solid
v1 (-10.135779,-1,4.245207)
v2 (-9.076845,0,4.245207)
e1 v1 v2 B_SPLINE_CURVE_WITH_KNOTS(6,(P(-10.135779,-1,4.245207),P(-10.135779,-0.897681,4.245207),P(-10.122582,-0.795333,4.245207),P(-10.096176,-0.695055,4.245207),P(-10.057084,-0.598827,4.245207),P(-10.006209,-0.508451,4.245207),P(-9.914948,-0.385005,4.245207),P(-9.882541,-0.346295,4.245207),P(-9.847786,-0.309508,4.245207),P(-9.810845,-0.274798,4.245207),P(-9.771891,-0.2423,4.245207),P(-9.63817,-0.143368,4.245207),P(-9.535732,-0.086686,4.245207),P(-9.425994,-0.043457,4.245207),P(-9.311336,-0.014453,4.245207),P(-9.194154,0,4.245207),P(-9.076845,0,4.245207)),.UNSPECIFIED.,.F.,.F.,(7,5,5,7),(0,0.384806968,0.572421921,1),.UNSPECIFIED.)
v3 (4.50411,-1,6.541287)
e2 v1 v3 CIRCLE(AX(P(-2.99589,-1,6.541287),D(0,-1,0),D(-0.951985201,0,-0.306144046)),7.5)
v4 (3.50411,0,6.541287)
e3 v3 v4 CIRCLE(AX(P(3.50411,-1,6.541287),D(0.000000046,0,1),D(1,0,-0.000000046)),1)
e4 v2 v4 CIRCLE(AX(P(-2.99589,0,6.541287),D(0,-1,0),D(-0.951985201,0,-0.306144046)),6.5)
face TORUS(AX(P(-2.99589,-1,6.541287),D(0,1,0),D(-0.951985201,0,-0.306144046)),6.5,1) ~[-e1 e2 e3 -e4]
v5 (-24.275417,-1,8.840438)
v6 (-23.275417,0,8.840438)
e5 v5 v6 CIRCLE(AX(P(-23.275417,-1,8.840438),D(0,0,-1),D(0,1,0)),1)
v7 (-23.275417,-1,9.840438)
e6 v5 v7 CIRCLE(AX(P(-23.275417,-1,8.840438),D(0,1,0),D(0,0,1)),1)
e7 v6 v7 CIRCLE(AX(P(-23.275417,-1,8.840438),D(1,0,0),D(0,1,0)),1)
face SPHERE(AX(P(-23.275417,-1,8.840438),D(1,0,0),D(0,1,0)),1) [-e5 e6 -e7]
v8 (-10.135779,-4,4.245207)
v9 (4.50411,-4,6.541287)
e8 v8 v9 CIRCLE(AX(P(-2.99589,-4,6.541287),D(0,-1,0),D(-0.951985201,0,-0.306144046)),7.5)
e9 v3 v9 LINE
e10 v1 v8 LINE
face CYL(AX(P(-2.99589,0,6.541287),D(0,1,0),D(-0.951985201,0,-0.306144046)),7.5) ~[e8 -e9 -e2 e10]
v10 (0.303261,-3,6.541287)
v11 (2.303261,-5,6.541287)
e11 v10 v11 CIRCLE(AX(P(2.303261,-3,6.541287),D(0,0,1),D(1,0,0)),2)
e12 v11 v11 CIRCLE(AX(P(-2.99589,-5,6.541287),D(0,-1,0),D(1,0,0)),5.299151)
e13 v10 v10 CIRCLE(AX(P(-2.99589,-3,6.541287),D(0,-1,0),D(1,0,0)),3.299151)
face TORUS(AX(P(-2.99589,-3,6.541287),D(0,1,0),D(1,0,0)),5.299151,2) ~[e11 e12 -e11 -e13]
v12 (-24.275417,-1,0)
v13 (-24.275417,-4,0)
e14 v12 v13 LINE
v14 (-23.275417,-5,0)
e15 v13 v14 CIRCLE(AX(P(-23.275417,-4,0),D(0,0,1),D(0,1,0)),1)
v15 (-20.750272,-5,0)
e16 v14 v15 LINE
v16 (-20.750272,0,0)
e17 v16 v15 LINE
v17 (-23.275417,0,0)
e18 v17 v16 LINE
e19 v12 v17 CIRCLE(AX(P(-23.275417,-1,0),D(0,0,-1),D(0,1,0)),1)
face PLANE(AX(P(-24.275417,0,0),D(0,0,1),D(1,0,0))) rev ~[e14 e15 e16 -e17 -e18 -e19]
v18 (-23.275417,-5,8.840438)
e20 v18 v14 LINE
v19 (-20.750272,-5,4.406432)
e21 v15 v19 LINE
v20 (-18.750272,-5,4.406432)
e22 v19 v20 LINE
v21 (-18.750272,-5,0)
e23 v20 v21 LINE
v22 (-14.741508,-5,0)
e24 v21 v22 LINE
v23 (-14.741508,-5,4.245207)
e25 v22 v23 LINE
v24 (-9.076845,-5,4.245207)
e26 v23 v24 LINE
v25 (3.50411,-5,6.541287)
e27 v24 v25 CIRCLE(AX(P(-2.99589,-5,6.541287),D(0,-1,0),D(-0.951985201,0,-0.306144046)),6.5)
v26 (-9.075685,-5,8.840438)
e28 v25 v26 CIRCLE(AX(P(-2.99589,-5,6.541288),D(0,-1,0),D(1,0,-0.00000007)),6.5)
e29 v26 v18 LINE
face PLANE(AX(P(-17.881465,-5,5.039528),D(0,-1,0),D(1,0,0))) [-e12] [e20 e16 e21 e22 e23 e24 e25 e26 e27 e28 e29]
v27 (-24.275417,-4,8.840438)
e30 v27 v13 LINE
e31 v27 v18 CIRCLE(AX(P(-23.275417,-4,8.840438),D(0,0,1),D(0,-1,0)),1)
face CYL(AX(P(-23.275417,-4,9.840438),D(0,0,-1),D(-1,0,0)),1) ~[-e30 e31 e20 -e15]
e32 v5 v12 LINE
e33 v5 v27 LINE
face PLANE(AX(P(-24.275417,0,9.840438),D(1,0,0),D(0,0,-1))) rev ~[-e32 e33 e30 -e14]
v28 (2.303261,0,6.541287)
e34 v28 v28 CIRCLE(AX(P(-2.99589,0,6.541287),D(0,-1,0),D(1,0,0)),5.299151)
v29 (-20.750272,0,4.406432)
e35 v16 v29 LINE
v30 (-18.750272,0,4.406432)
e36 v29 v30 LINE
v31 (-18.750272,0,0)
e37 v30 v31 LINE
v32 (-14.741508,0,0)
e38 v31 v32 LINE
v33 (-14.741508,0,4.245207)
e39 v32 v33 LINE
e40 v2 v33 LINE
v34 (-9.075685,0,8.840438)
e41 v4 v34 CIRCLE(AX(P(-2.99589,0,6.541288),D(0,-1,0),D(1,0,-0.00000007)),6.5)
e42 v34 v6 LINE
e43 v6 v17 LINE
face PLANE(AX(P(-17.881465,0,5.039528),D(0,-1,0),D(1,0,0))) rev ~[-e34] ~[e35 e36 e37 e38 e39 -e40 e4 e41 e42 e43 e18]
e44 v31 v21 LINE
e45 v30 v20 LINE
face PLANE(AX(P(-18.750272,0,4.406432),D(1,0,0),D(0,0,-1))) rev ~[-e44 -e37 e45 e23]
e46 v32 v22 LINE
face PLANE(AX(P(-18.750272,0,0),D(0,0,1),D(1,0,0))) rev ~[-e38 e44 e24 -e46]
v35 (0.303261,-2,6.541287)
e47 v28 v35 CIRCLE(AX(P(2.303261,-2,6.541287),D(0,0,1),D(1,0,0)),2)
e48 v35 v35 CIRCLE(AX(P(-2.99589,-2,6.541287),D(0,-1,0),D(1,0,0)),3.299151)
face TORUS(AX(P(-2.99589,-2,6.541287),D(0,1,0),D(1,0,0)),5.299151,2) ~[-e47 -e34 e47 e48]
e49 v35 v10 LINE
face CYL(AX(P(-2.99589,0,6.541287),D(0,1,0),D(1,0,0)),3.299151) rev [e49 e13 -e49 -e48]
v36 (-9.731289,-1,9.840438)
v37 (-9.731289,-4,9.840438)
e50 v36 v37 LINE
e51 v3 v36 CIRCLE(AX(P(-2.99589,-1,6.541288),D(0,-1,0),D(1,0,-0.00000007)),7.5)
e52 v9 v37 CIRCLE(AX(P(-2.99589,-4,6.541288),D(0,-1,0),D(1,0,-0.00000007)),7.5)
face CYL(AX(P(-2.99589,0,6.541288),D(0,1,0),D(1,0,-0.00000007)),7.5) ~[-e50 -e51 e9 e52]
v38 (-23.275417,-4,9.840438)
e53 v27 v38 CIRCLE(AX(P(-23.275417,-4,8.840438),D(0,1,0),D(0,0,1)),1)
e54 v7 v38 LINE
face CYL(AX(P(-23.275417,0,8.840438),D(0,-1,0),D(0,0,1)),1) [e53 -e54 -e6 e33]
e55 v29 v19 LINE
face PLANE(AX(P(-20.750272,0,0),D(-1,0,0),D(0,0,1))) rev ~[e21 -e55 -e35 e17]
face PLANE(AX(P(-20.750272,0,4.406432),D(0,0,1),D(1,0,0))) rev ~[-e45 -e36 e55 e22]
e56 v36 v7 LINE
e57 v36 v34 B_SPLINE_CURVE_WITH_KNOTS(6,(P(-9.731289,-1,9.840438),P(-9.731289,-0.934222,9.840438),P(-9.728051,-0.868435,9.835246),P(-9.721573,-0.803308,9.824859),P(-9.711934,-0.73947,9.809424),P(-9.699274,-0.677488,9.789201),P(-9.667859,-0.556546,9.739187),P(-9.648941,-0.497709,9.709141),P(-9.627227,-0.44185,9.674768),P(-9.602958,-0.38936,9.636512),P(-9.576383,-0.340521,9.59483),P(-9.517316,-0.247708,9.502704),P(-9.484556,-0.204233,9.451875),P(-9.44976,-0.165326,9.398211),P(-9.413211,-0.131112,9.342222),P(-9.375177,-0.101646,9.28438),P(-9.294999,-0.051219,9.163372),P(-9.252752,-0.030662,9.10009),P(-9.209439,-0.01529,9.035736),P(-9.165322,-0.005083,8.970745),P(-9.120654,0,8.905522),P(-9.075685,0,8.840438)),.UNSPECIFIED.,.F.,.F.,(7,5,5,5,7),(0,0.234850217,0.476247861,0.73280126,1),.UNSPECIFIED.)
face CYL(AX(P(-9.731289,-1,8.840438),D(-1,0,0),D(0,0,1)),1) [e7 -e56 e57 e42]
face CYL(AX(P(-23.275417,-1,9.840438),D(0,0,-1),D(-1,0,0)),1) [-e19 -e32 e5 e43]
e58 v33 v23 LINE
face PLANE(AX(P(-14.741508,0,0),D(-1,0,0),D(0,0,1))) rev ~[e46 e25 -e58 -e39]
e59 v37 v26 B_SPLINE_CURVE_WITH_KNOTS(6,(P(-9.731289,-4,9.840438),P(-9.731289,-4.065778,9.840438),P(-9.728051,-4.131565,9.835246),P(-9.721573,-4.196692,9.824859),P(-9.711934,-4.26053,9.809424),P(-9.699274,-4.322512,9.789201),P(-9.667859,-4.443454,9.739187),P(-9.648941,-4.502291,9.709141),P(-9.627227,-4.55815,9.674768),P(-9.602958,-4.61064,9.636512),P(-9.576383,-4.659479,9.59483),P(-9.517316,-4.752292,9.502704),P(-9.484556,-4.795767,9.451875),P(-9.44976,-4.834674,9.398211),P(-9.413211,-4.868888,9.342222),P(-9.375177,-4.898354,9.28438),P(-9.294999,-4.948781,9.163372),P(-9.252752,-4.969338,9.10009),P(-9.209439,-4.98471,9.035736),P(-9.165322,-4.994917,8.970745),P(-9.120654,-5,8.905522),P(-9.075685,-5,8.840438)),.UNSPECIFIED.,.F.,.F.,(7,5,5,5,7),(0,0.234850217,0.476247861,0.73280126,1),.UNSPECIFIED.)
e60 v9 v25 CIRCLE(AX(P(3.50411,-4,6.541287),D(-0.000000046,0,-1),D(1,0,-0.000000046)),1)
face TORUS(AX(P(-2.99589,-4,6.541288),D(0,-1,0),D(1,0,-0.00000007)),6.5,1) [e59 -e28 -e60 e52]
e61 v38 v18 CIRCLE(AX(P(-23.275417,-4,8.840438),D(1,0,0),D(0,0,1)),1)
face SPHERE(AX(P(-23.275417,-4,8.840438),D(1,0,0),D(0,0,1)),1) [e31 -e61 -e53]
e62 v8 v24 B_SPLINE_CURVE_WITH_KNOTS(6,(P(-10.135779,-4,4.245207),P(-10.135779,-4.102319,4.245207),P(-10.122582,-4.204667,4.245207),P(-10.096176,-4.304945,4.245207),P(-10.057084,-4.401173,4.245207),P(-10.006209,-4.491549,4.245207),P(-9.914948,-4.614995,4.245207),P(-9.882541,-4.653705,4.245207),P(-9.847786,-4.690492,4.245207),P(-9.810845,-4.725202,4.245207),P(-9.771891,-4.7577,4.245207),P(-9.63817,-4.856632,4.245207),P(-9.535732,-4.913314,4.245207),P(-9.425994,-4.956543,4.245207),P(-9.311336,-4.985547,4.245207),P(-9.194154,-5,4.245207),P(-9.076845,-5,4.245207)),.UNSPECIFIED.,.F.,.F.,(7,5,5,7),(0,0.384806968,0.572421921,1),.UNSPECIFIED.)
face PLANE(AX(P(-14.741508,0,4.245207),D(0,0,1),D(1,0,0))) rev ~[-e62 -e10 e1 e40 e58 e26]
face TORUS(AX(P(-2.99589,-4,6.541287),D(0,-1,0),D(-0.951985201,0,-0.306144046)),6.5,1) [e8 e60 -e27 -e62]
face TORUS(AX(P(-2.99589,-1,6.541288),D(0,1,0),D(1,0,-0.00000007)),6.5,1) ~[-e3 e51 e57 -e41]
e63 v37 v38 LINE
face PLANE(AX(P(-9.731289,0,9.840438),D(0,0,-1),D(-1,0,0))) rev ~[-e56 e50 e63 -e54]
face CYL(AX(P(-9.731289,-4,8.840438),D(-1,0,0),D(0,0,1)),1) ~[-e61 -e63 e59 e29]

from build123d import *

# Parameters (mm, degrees)
F0_R     = 3.299151
F1_DEPTH = 5
F2_R     = 1
F3_R     = 2
F4_R     = 2


with BuildPart() as f1:
    # F0 (on Front) → F1 (new body)
    with BuildSketch(Plane.XZ):
        with BuildLine():
            ThreePointArc((-10.135779, 4.245207), (-10.476368, 7.082065), (-9.731289, 9.840438))
            Line((-9.731289, 9.840438), (-24.275417, 9.840438))
            Line((-24.275417, 9.840438), (-24.275417, 0))
            Line((-24.275417, 0), (-20.750272, 0))
            Line((-20.750272, 0), (-20.750272, 4.406432))
            Line((-20.750272, 4.406432), (-18.750272, 4.406432))
            Line((-18.750272, 4.406432), (-18.750272, 0))
            Line((-18.750272, 0), (-14.741508, 0))
            Line((-14.741508, 0), (-14.741508, 4.245207))
            Line((-14.741508, 4.245207), (-10.135779, 4.245207))
        make_face()
        with BuildLine():
            ThreePointArc((-10.135779, 4.245207), (-1.833816, -0.868138), (4.50411, 6.541287))
            ThreePointArc((4.50411, 6.541287), (-1.302593, 13.847637), (-9.731289, 9.840438))
            ThreePointArc((-9.731289, 9.840438), (-10.476368, 7.082065), (-10.135779, 4.245207))
        make_face()
        with Locations((-2.99589, 6.541287)):
            Circle(F0_R, mode=Mode.SUBTRACT)
    extrude(amount=F1_DEPTH)

    # F2
    f2_edges = [f1.edges().sort_by_distance(p)[0] for p in [
        (-17.003353, -5, 9.840438),
        (-17.003353, 0, 9.840438),
        (-24.275417, 0, 4.920219),
        (-24.275417, -2.5, 9.840438),
        (-24.275417, -5, 4.920219),
        (-1.833816, -5, -0.868138),
        (-1.302593, -5, 13.847637),
        (-1.833816, 0, -0.868138),
        (-1.302593, 0, 13.847637),
    ]]
    fillet(f2_edges, radius=F2_R)

    # F3
    f3_edges = [f1.edges().sort_by_distance(p)[0] for p in [
        (-6.295041, 0, 6.541287),
    ]]
    fillet(f3_edges, radius=F3_R)

    # F4
    f4_edges = [f1.edges().sort_by_distance(p)[0] for p in [
        (-6.295041, -5, 6.541287),
    ]]
    fillet(f4_edges, radius=F4_R)


solid = f1.part
